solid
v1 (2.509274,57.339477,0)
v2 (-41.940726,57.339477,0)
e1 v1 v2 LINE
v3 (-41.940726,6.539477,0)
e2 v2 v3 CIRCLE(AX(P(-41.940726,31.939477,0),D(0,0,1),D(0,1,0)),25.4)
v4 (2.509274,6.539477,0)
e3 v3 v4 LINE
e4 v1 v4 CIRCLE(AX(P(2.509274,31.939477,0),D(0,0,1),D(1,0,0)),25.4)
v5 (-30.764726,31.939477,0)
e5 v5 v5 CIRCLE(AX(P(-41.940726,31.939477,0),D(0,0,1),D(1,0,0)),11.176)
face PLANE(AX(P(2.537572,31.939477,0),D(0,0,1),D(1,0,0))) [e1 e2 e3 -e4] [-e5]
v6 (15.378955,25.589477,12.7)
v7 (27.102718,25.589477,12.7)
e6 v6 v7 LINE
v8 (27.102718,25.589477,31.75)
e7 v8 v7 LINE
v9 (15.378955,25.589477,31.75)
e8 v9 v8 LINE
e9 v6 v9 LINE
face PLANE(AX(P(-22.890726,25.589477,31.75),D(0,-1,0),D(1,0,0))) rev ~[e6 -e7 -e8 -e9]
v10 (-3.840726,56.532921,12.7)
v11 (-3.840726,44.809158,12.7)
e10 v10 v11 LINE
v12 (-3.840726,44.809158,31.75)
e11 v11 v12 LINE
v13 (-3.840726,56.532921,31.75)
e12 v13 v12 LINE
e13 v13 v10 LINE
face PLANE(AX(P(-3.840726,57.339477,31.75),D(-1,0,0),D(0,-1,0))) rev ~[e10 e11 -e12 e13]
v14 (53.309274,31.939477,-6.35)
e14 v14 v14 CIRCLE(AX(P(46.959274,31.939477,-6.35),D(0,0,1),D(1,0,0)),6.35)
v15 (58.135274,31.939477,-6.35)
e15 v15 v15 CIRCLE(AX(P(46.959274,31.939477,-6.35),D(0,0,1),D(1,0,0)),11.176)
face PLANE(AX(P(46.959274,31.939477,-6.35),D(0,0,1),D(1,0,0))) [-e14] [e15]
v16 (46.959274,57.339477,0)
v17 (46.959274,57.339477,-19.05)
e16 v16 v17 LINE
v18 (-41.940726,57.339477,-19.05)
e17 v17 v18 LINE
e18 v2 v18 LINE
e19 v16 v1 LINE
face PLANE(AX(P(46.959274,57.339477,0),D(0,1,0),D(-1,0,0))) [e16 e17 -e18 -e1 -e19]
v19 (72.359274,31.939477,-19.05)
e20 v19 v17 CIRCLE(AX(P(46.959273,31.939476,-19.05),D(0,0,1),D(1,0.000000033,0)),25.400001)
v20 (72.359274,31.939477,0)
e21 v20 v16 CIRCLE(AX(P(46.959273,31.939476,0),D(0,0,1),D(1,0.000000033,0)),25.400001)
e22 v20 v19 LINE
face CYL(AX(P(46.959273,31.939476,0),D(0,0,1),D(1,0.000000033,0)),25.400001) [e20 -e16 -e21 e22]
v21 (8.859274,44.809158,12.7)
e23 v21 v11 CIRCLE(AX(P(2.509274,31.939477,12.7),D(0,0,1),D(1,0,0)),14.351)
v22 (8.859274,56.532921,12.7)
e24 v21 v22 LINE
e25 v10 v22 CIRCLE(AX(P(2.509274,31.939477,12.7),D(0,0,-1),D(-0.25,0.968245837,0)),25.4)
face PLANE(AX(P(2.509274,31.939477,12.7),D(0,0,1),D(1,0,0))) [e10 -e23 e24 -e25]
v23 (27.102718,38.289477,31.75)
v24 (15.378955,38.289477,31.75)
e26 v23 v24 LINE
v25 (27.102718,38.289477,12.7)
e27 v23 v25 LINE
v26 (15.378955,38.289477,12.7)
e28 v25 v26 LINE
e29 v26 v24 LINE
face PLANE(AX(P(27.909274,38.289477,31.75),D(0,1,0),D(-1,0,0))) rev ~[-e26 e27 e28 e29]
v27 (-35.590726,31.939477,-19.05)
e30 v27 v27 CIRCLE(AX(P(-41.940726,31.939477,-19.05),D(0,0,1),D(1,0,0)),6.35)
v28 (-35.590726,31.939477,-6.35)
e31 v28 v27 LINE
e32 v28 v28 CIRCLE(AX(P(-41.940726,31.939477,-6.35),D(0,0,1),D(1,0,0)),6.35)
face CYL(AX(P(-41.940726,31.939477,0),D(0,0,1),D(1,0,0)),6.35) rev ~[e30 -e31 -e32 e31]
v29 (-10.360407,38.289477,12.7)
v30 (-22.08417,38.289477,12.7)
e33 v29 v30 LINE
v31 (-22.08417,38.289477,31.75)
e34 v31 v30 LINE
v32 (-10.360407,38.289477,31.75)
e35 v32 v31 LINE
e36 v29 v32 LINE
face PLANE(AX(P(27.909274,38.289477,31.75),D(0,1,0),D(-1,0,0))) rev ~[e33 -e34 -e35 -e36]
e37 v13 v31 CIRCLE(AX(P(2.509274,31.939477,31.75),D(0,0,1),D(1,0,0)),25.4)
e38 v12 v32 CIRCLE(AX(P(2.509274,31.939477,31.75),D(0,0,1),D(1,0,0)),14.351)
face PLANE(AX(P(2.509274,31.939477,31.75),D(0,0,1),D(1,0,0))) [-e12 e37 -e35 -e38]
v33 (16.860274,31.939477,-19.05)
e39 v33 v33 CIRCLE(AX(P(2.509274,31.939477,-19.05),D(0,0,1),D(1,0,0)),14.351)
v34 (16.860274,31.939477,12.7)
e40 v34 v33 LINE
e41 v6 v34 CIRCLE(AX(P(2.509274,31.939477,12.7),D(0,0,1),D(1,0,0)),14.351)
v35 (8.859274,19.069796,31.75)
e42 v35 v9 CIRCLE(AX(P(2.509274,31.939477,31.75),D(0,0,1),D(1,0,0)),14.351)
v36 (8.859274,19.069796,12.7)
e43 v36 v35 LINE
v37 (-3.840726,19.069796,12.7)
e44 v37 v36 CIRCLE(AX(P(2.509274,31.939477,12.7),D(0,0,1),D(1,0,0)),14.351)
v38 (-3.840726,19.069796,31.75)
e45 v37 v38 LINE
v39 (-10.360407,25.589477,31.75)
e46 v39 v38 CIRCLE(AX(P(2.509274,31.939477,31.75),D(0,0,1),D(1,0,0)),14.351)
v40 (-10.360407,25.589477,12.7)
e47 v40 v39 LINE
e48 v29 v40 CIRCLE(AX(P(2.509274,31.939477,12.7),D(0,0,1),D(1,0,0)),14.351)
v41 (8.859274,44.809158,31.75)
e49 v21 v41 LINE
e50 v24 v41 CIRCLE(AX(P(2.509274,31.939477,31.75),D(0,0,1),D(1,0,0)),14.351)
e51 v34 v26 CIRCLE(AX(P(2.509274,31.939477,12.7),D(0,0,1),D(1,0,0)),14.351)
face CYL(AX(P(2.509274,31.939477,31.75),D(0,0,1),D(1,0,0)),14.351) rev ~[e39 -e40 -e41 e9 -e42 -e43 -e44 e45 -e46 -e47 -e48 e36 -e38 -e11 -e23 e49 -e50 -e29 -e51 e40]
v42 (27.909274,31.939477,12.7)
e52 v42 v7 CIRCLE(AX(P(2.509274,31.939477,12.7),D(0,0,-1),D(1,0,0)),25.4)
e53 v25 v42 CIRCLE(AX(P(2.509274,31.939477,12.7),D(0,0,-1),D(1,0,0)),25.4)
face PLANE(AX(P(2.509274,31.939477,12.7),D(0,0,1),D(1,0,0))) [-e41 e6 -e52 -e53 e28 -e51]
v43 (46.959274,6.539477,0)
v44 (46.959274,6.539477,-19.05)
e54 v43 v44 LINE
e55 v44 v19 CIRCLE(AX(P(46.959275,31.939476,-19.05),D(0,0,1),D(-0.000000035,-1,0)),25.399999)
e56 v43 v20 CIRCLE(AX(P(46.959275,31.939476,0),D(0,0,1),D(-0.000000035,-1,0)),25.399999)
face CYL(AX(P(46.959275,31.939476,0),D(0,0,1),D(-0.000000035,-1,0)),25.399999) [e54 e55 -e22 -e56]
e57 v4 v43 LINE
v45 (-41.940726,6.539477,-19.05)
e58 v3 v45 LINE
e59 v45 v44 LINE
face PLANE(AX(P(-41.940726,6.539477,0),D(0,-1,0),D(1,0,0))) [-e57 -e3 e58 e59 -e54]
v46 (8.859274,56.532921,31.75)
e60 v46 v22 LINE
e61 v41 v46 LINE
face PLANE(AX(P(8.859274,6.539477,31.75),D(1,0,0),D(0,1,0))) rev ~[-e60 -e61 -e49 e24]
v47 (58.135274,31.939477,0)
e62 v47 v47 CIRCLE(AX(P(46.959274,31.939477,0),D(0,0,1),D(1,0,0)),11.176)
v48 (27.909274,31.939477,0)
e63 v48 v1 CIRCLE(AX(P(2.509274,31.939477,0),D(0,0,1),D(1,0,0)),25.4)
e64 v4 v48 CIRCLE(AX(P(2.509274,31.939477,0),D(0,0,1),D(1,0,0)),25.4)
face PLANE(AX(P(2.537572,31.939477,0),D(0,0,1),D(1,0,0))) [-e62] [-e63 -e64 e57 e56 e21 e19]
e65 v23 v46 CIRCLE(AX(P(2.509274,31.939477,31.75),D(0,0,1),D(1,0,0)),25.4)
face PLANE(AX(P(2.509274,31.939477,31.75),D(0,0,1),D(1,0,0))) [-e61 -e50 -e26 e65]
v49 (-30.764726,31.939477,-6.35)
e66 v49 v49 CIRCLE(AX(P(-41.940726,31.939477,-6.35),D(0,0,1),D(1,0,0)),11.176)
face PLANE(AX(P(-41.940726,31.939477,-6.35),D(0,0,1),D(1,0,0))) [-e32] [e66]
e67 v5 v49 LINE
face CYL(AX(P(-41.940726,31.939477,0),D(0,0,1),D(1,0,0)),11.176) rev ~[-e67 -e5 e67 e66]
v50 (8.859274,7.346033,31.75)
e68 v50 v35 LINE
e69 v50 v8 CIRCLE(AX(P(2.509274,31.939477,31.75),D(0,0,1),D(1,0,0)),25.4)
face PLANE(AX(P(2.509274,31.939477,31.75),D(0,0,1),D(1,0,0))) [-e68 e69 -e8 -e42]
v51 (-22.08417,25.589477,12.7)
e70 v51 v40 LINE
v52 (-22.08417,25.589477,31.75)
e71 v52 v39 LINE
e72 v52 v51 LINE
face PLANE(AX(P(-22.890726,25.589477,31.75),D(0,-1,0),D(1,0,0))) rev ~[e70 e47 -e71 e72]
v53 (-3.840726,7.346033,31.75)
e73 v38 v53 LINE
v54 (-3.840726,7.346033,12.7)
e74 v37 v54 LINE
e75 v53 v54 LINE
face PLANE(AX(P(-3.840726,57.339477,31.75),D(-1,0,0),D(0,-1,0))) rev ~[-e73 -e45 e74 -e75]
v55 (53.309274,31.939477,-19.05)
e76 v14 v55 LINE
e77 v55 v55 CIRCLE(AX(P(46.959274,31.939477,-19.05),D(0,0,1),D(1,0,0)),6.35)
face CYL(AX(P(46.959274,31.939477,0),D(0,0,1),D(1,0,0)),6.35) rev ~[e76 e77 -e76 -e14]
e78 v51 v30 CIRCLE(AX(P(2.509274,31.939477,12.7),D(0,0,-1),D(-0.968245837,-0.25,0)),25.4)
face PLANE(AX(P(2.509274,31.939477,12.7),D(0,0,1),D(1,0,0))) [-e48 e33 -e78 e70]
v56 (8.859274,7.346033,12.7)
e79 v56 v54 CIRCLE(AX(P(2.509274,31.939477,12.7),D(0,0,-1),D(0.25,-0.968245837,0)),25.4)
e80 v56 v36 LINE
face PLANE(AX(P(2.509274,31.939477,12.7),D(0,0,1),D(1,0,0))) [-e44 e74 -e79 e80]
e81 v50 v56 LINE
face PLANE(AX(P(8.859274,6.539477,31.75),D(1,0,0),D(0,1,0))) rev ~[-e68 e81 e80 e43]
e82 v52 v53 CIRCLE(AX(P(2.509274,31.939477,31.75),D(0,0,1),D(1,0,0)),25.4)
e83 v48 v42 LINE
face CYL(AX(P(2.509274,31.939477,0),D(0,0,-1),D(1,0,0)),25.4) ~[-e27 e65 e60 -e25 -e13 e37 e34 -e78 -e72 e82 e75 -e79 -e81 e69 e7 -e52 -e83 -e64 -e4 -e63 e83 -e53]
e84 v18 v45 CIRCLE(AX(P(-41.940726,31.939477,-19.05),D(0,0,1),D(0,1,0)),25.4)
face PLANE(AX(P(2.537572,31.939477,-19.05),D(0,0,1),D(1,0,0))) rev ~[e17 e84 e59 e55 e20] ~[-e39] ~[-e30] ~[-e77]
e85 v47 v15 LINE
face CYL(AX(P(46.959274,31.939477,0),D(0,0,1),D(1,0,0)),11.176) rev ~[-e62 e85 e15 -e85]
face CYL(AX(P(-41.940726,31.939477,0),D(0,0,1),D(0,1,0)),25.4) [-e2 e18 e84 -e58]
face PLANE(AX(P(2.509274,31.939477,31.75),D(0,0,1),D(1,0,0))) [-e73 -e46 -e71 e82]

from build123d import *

# Parameters (mm, degrees)
F1_DEPTH  = 19.05
F2_R      = 11.176
F3_DEPTH  = 6.35
F4_R      = 6.35
F5_DEPTH  = 19.051
F6_R      = 25.4
F7_DEPTH  = 31.75
F8_R      = 14.351
F9_DEPTH  = 50.801
F11_DEPTH = 19.05
F13_DEPTH = 19.05


with BuildPart() as f1:
    # F0 (on Top) → F1 (new body)
    with BuildSketch(Plane.XY):
        with BuildLine():
            ThreePointArc((-41.940726, 57.339477), (-23.980214, 49.899989), (-16.540726, 31.939477))
            ThreePointArc((-16.540726, 31.939477), (-23.980214, 13.978964), (-41.940726, 6.539477))
            Line((-41.940726, 6.539477), (46.959274, 6.539477))
            ThreePointArc((46.959274, 6.539477), (21.559274, 31.939477), (46.959274, 57.339477))
            Line((46.959274, 57.339477), (-41.940726, 57.339477))
        make_face()
        with BuildLine():
            ThreePointArc((-41.940726, 6.539477), (-23.980214, 13.978964), (-16.540726, 31.939477))
            ThreePointArc((-16.540726, 31.939477), (-23.980214, 49.899989), (-41.940726, 57.339477))
            ThreePointArc((-41.940726, 57.339477), (-67.340726, 31.939477), (-41.940726, 6.539477))
        make_face()
        with BuildLine():
            ThreePointArc((72.359274, 31.939477), (64.919786, 49.899989), (46.959274, 57.339477))
            ThreePointArc((46.959274, 57.339477), (21.559274, 31.939477), (46.959274, 6.539477))
            ThreePointArc((46.959274, 6.539477), (64.919786, 13.978964), (72.359274, 31.939477))
        make_face()
    extrude(amount=-F1_DEPTH)

    # F2 (on face) → F3 (cut)
    with BuildSketch(Plane.XY):
        with Locations((-41.940726, 31.939477)):
            Circle(F2_R)
        with Locations((46.959274, 31.939477)):
            Circle(F2_R)
    extrude(amount=-F3_DEPTH, mode=Mode.SUBTRACT)

    # F4 (on face) → F5 (cut, through all)
    with BuildSketch(Plane.XY):
        with Locations((-41.940726, 31.939477)):
            Circle(F4_R)
        with Locations((46.959274, 31.939477)):
            Circle(F4_R)
    extrude(amount=-F5_DEPTH, mode=Mode.SUBTRACT)

    # F6 (on face) → F7 (join)
    with BuildSketch(Plane.XY):
        with Locations((2.509274, 31.939477)):
            Circle(F6_R)
    extrude(amount=F7_DEPTH)

    # F8 (on face) → F9 (cut, through all)
    with BuildSketch(Plane.XY.offset(31.75)):
        with Locations((2.509274, 31.939477)):
            Circle(F8_R)
    extrude(amount=-F9_DEPTH, mode=Mode.SUBTRACT)

    # F10 (on face) → F11 (cut)
    with BuildSketch(Plane.XY.offset(31.75)):
        Polygon((8.859274, 57.339477), (2.509274, 57.339477), (-3.840726, 57.339477), (-3.840726, 6.539477), (8.859274, 6.539477), align=None)
    extrude(amount=-F11_DEPTH, mode=Mode.SUBTRACT)

    # F12 (on face) → F13 (cut)
    with BuildSketch(Plane.XY.offset(31.75)):
        Polygon((27.909274, 25.589477), (27.909274, 31.939477), (27.909274, 38.289477), (-22.890726, 38.289477), (-22.890726, 25.589477), align=None)
    extrude(amount=-F13_DEPTH, mode=Mode.SUBTRACT)


solid = f1.part
